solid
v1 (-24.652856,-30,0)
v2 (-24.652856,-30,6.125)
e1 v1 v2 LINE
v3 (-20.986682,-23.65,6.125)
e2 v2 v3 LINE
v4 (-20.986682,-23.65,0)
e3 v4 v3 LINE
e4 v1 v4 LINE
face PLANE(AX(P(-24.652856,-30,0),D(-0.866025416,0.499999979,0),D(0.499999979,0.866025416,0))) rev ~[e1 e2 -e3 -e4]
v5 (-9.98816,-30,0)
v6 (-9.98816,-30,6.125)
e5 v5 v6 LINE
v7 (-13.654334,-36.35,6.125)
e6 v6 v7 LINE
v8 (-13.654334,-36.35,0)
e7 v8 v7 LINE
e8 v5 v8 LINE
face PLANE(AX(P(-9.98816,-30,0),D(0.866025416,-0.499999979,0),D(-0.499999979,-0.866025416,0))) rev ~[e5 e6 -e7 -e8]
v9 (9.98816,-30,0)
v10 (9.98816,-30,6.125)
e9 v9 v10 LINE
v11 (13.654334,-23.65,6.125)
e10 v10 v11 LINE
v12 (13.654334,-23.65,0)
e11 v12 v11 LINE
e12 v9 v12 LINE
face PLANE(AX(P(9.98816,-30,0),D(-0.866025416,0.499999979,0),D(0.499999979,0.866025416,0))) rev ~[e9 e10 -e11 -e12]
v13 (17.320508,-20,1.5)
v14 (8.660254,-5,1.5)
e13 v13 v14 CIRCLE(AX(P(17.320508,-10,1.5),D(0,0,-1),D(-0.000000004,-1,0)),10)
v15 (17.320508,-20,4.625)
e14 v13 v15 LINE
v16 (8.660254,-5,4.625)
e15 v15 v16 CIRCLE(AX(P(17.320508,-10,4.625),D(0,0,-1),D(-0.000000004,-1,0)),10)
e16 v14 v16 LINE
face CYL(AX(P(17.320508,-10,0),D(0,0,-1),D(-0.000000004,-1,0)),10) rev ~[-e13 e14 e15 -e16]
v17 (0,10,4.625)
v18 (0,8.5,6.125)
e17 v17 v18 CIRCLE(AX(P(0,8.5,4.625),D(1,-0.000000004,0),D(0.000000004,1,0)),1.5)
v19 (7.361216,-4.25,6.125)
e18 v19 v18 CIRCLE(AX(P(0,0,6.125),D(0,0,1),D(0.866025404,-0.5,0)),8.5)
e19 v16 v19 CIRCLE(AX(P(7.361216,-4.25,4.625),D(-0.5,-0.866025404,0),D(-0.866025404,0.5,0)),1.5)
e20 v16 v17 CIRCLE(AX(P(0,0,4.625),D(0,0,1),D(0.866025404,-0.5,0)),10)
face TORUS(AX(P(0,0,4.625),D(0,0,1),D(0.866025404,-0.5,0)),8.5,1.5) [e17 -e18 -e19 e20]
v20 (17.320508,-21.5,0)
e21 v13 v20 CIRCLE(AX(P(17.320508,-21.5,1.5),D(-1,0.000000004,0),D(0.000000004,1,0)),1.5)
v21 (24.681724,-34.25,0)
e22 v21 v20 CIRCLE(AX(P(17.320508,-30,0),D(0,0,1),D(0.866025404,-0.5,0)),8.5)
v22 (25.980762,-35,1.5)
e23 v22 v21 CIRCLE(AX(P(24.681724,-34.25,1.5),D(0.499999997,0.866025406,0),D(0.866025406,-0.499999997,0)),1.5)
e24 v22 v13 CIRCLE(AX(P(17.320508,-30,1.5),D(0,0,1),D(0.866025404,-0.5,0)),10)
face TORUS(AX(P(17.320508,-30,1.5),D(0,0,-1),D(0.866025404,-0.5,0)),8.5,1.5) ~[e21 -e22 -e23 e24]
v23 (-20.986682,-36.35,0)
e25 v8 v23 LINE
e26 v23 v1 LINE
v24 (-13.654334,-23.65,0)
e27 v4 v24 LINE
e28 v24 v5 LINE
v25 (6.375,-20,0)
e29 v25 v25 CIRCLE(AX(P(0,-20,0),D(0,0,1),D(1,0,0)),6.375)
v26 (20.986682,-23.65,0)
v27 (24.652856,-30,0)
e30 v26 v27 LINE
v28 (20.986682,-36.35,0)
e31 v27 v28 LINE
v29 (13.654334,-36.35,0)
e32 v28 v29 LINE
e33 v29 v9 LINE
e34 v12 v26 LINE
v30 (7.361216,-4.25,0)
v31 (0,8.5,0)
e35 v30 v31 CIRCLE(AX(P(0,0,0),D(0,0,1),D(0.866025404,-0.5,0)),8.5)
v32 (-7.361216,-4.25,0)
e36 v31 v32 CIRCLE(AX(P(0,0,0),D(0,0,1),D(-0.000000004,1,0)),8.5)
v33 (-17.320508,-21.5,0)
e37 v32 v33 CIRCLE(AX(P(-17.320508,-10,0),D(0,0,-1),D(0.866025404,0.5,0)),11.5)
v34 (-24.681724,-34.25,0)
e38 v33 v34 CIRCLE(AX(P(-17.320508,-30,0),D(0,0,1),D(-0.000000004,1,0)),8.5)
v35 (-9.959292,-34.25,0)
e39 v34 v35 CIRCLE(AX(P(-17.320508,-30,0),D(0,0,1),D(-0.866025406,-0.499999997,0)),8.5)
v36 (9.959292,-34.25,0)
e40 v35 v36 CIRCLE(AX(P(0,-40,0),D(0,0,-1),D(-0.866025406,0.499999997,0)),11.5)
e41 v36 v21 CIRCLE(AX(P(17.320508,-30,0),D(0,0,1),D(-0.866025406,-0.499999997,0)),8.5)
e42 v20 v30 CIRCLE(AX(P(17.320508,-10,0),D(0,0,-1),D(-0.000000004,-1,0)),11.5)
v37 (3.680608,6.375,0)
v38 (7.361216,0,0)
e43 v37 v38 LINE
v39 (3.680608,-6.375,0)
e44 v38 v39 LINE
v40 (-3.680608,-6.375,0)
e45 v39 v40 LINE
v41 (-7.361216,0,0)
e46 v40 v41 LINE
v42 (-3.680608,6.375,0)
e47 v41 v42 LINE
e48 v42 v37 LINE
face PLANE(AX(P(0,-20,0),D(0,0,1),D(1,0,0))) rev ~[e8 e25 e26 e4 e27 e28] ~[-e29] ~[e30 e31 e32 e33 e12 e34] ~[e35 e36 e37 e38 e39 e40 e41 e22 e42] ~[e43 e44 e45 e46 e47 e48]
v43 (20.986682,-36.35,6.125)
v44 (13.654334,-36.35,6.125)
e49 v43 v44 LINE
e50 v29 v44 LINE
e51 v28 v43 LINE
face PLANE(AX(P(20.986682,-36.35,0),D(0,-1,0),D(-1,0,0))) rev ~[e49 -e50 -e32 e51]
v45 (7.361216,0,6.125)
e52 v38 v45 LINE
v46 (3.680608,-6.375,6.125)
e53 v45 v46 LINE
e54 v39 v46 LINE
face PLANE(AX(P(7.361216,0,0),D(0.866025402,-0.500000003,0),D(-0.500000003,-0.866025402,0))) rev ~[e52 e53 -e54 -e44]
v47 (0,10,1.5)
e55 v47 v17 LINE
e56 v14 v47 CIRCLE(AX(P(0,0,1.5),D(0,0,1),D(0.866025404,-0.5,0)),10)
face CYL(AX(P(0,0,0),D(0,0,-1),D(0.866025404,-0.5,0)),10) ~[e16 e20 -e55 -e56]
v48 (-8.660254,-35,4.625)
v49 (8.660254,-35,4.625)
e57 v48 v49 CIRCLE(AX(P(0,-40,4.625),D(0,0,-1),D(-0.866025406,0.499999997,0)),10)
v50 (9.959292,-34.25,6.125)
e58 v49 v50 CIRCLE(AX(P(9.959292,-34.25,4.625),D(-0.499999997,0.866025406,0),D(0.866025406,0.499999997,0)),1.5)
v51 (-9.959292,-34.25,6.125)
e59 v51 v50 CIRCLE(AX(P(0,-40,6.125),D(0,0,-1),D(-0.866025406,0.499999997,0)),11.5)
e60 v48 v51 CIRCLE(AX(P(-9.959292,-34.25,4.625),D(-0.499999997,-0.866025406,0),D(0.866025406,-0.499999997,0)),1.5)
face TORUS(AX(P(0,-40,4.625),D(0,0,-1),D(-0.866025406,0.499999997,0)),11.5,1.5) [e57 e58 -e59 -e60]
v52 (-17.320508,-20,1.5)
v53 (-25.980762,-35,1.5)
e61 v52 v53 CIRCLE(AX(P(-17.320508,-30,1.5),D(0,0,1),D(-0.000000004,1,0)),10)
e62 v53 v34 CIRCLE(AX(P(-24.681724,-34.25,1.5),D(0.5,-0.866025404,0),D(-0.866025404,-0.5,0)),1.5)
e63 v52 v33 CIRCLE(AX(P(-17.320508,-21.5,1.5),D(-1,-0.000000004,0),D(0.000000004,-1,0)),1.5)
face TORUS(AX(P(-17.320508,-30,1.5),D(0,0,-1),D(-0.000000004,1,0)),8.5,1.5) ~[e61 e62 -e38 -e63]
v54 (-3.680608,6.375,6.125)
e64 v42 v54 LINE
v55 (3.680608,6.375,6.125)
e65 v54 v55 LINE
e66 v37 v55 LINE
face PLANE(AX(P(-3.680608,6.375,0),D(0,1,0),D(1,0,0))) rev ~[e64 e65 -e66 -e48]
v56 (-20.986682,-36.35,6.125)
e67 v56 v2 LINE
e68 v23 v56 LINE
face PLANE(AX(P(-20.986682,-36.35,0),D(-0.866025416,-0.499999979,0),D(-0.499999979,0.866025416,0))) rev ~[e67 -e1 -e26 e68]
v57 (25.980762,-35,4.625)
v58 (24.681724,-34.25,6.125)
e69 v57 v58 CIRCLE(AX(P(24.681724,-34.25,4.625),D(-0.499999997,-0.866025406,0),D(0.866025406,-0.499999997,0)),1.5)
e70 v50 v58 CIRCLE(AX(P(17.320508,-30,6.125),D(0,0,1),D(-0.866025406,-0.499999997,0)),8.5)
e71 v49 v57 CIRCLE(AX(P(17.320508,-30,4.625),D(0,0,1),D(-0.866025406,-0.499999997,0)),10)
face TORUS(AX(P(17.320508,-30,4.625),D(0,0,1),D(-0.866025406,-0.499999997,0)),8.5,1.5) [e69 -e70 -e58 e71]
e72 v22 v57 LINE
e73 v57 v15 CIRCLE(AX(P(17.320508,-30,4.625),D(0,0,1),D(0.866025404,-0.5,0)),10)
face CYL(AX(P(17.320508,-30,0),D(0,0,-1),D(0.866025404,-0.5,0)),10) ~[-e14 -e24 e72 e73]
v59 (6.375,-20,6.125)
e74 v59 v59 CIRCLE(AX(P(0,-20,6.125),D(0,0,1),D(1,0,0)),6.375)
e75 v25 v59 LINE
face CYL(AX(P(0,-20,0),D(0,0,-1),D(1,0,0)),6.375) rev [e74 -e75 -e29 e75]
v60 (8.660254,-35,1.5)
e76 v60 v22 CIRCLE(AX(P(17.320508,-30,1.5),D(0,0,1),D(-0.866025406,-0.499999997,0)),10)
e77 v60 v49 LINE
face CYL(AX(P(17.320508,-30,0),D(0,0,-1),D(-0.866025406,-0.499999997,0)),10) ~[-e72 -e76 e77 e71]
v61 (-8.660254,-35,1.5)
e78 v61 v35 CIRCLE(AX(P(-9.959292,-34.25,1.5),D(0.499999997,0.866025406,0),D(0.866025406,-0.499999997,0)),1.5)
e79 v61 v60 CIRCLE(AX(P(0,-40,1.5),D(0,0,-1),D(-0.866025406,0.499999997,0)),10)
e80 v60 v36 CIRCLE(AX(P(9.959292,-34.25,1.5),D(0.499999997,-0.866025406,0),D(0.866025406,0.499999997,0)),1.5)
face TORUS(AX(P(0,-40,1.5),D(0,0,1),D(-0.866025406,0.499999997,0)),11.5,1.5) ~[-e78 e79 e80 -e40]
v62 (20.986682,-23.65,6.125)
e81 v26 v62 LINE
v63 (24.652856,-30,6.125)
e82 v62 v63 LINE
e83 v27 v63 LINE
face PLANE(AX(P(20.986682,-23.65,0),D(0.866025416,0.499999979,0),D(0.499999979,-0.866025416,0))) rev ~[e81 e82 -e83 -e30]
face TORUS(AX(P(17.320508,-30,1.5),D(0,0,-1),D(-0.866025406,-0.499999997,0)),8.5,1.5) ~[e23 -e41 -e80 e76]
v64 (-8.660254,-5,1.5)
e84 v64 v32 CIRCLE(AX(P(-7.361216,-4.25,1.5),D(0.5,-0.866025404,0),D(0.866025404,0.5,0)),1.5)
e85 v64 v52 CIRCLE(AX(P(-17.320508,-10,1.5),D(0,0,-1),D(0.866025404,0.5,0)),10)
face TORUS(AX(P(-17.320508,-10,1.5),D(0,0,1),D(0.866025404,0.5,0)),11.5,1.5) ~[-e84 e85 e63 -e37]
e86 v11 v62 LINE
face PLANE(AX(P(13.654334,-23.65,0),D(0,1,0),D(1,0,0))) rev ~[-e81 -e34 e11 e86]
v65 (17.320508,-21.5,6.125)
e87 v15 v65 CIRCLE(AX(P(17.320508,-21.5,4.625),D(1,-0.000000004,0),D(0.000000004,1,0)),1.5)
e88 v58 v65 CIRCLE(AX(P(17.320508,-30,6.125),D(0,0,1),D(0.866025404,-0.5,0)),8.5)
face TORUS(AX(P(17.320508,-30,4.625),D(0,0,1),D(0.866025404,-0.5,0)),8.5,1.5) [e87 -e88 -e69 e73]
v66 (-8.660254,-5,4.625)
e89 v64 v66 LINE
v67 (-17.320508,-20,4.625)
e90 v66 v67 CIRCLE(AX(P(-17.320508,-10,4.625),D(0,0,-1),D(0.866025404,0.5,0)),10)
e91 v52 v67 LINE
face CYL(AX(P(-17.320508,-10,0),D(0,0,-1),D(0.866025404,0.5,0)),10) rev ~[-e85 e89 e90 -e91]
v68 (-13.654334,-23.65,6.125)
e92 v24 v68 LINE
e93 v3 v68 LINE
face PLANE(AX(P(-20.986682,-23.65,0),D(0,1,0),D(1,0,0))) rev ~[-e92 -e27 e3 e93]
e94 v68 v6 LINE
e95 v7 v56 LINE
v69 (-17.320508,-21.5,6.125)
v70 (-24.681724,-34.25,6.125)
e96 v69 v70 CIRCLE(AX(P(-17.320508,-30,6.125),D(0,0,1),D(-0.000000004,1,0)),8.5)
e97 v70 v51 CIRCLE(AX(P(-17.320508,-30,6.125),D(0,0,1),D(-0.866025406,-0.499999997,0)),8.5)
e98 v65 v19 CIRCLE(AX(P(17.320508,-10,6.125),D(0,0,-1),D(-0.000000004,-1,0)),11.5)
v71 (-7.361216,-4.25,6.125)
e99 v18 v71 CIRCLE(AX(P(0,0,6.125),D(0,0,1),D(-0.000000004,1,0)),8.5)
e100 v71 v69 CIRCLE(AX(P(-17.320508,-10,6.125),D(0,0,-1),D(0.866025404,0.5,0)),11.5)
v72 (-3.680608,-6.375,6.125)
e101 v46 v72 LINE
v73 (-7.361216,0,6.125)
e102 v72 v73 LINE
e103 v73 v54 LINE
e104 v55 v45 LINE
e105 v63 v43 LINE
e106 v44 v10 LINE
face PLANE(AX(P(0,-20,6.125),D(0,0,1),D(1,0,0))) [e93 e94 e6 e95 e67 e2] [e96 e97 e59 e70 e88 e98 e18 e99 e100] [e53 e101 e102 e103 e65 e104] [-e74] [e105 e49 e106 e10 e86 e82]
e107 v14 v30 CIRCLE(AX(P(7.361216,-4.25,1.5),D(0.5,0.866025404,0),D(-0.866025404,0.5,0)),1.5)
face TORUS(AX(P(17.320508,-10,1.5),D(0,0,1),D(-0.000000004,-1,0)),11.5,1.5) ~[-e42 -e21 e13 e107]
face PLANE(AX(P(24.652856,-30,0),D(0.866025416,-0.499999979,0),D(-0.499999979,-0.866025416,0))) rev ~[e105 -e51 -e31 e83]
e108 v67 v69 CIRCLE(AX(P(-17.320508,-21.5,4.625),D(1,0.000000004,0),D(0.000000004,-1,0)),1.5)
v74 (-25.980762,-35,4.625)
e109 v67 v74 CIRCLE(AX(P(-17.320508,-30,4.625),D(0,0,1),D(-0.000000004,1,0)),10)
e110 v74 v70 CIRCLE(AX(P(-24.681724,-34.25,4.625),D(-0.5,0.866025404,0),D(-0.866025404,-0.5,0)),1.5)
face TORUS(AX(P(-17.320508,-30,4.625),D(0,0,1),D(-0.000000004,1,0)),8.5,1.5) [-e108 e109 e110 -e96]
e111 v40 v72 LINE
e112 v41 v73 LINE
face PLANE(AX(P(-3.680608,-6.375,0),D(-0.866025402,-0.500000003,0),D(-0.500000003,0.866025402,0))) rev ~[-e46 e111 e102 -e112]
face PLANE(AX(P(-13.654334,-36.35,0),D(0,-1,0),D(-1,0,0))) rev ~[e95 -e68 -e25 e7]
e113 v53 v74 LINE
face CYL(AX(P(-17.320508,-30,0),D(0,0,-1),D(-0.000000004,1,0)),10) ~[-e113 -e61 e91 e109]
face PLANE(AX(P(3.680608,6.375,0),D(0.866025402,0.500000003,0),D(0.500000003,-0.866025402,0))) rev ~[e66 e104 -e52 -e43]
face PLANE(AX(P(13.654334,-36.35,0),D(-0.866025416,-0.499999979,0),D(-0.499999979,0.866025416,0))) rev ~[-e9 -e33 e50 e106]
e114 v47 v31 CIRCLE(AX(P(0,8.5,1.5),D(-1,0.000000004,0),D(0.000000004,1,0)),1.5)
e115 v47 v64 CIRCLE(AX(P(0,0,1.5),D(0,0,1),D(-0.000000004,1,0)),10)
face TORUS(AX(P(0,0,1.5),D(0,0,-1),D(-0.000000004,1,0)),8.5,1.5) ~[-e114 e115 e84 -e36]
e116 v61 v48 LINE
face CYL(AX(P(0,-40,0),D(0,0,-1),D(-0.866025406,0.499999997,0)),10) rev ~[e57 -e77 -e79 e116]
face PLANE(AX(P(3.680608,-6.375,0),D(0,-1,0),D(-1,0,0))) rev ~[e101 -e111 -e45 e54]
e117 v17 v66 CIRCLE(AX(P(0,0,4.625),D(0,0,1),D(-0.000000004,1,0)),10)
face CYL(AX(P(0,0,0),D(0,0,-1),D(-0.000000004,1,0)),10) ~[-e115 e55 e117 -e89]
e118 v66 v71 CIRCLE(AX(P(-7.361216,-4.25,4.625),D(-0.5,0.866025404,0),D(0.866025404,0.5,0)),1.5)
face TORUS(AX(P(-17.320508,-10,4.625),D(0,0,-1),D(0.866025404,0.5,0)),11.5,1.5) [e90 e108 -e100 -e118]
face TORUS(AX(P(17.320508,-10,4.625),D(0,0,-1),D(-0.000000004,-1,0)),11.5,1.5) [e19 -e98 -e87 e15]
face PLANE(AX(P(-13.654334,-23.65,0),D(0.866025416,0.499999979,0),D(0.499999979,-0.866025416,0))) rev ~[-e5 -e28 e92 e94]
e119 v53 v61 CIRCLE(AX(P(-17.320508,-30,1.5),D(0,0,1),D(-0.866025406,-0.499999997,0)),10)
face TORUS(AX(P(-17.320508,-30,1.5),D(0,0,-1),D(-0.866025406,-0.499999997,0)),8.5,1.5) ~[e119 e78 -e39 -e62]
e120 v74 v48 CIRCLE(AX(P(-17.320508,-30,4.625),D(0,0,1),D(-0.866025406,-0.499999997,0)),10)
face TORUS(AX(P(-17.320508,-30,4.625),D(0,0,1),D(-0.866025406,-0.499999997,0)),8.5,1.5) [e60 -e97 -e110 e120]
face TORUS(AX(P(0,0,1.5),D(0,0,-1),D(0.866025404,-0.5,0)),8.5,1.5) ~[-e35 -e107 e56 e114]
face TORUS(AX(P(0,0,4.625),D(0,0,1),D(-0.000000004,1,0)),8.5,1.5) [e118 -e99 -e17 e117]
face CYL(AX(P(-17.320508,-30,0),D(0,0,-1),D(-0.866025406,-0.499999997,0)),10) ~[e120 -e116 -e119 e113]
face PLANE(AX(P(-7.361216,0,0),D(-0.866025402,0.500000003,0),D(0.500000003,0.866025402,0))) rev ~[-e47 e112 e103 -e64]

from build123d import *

# Parameters (mm, degrees)
F0_R     = 6.375
F1_DEPTH = 6.125
F2_R     = 1.5


with BuildPart() as f1:
    # F0 (on Top) → F1 (new body)
    with BuildSketch(Plane.XY):
        with BuildLine():
            ThreePointArc((-17.320508, -20), (-25.980762, -25), (-25.980762, -35))
            ThreePointArc((-25.980762, -35), (-17.320508, -40), (-8.660254, -35))
            ThreePointArc((-8.660254, -35), (0, -30), (8.660254, -35))
            ThreePointArc((8.660254, -35), (17.320508, -40), (25.980762, -35))
            ThreePointArc((25.980762, -35), (25.980762, -25), (17.320508, -20))
            ThreePointArc((17.320508, -20), (8.660254, -15), (8.660254, -5))
            ThreePointArc((8.660254, -5), (8.660254, 5), (0, 10))
            ThreePointArc((0, 10), (-8.660254, 5), (-8.660254, -5))
            ThreePointArc((-8.660254, -5), (-8.660254, -15), (-17.320508, -20))
        make_face()
        Polygon((-20.986682, -23.65), (-13.654334, -23.65), (-9.98816, -30), (-13.654334, -36.35), (-20.986682, -36.35), (-22.819769, -33.175), (-24.652856, -30), align=None, mode=Mode.SUBTRACT)
        Polygon((24.652856, -30), (22.819769, -33.175), (20.986682, -36.35), (13.654334, -36.35), (9.98816, -30), (13.654334, -23.65), (20.986682, -23.65), align=None, mode=Mode.SUBTRACT)
        with Locations((0, -20)):
            Circle(F0_R, mode=Mode.SUBTRACT)
        Polygon((-3.680608, 6.375), (0, 6.375), (3.680608, 6.375), (7.361216, 0), (3.680608, -6.375), (-3.680608, -6.375), (-7.361216, 0), align=None, mode=Mode.SUBTRACT)
    extrude(amount=F1_DEPTH)

    # F2
    f2_edges = [f1.edges().sort_by_distance(p)[0] for p in [
        (-8.660254, -15, 6.125),
        (-8.660254, -15, 0),
    ]]
    fillet(f2_edges, radius=F2_R)


solid = f1.part
